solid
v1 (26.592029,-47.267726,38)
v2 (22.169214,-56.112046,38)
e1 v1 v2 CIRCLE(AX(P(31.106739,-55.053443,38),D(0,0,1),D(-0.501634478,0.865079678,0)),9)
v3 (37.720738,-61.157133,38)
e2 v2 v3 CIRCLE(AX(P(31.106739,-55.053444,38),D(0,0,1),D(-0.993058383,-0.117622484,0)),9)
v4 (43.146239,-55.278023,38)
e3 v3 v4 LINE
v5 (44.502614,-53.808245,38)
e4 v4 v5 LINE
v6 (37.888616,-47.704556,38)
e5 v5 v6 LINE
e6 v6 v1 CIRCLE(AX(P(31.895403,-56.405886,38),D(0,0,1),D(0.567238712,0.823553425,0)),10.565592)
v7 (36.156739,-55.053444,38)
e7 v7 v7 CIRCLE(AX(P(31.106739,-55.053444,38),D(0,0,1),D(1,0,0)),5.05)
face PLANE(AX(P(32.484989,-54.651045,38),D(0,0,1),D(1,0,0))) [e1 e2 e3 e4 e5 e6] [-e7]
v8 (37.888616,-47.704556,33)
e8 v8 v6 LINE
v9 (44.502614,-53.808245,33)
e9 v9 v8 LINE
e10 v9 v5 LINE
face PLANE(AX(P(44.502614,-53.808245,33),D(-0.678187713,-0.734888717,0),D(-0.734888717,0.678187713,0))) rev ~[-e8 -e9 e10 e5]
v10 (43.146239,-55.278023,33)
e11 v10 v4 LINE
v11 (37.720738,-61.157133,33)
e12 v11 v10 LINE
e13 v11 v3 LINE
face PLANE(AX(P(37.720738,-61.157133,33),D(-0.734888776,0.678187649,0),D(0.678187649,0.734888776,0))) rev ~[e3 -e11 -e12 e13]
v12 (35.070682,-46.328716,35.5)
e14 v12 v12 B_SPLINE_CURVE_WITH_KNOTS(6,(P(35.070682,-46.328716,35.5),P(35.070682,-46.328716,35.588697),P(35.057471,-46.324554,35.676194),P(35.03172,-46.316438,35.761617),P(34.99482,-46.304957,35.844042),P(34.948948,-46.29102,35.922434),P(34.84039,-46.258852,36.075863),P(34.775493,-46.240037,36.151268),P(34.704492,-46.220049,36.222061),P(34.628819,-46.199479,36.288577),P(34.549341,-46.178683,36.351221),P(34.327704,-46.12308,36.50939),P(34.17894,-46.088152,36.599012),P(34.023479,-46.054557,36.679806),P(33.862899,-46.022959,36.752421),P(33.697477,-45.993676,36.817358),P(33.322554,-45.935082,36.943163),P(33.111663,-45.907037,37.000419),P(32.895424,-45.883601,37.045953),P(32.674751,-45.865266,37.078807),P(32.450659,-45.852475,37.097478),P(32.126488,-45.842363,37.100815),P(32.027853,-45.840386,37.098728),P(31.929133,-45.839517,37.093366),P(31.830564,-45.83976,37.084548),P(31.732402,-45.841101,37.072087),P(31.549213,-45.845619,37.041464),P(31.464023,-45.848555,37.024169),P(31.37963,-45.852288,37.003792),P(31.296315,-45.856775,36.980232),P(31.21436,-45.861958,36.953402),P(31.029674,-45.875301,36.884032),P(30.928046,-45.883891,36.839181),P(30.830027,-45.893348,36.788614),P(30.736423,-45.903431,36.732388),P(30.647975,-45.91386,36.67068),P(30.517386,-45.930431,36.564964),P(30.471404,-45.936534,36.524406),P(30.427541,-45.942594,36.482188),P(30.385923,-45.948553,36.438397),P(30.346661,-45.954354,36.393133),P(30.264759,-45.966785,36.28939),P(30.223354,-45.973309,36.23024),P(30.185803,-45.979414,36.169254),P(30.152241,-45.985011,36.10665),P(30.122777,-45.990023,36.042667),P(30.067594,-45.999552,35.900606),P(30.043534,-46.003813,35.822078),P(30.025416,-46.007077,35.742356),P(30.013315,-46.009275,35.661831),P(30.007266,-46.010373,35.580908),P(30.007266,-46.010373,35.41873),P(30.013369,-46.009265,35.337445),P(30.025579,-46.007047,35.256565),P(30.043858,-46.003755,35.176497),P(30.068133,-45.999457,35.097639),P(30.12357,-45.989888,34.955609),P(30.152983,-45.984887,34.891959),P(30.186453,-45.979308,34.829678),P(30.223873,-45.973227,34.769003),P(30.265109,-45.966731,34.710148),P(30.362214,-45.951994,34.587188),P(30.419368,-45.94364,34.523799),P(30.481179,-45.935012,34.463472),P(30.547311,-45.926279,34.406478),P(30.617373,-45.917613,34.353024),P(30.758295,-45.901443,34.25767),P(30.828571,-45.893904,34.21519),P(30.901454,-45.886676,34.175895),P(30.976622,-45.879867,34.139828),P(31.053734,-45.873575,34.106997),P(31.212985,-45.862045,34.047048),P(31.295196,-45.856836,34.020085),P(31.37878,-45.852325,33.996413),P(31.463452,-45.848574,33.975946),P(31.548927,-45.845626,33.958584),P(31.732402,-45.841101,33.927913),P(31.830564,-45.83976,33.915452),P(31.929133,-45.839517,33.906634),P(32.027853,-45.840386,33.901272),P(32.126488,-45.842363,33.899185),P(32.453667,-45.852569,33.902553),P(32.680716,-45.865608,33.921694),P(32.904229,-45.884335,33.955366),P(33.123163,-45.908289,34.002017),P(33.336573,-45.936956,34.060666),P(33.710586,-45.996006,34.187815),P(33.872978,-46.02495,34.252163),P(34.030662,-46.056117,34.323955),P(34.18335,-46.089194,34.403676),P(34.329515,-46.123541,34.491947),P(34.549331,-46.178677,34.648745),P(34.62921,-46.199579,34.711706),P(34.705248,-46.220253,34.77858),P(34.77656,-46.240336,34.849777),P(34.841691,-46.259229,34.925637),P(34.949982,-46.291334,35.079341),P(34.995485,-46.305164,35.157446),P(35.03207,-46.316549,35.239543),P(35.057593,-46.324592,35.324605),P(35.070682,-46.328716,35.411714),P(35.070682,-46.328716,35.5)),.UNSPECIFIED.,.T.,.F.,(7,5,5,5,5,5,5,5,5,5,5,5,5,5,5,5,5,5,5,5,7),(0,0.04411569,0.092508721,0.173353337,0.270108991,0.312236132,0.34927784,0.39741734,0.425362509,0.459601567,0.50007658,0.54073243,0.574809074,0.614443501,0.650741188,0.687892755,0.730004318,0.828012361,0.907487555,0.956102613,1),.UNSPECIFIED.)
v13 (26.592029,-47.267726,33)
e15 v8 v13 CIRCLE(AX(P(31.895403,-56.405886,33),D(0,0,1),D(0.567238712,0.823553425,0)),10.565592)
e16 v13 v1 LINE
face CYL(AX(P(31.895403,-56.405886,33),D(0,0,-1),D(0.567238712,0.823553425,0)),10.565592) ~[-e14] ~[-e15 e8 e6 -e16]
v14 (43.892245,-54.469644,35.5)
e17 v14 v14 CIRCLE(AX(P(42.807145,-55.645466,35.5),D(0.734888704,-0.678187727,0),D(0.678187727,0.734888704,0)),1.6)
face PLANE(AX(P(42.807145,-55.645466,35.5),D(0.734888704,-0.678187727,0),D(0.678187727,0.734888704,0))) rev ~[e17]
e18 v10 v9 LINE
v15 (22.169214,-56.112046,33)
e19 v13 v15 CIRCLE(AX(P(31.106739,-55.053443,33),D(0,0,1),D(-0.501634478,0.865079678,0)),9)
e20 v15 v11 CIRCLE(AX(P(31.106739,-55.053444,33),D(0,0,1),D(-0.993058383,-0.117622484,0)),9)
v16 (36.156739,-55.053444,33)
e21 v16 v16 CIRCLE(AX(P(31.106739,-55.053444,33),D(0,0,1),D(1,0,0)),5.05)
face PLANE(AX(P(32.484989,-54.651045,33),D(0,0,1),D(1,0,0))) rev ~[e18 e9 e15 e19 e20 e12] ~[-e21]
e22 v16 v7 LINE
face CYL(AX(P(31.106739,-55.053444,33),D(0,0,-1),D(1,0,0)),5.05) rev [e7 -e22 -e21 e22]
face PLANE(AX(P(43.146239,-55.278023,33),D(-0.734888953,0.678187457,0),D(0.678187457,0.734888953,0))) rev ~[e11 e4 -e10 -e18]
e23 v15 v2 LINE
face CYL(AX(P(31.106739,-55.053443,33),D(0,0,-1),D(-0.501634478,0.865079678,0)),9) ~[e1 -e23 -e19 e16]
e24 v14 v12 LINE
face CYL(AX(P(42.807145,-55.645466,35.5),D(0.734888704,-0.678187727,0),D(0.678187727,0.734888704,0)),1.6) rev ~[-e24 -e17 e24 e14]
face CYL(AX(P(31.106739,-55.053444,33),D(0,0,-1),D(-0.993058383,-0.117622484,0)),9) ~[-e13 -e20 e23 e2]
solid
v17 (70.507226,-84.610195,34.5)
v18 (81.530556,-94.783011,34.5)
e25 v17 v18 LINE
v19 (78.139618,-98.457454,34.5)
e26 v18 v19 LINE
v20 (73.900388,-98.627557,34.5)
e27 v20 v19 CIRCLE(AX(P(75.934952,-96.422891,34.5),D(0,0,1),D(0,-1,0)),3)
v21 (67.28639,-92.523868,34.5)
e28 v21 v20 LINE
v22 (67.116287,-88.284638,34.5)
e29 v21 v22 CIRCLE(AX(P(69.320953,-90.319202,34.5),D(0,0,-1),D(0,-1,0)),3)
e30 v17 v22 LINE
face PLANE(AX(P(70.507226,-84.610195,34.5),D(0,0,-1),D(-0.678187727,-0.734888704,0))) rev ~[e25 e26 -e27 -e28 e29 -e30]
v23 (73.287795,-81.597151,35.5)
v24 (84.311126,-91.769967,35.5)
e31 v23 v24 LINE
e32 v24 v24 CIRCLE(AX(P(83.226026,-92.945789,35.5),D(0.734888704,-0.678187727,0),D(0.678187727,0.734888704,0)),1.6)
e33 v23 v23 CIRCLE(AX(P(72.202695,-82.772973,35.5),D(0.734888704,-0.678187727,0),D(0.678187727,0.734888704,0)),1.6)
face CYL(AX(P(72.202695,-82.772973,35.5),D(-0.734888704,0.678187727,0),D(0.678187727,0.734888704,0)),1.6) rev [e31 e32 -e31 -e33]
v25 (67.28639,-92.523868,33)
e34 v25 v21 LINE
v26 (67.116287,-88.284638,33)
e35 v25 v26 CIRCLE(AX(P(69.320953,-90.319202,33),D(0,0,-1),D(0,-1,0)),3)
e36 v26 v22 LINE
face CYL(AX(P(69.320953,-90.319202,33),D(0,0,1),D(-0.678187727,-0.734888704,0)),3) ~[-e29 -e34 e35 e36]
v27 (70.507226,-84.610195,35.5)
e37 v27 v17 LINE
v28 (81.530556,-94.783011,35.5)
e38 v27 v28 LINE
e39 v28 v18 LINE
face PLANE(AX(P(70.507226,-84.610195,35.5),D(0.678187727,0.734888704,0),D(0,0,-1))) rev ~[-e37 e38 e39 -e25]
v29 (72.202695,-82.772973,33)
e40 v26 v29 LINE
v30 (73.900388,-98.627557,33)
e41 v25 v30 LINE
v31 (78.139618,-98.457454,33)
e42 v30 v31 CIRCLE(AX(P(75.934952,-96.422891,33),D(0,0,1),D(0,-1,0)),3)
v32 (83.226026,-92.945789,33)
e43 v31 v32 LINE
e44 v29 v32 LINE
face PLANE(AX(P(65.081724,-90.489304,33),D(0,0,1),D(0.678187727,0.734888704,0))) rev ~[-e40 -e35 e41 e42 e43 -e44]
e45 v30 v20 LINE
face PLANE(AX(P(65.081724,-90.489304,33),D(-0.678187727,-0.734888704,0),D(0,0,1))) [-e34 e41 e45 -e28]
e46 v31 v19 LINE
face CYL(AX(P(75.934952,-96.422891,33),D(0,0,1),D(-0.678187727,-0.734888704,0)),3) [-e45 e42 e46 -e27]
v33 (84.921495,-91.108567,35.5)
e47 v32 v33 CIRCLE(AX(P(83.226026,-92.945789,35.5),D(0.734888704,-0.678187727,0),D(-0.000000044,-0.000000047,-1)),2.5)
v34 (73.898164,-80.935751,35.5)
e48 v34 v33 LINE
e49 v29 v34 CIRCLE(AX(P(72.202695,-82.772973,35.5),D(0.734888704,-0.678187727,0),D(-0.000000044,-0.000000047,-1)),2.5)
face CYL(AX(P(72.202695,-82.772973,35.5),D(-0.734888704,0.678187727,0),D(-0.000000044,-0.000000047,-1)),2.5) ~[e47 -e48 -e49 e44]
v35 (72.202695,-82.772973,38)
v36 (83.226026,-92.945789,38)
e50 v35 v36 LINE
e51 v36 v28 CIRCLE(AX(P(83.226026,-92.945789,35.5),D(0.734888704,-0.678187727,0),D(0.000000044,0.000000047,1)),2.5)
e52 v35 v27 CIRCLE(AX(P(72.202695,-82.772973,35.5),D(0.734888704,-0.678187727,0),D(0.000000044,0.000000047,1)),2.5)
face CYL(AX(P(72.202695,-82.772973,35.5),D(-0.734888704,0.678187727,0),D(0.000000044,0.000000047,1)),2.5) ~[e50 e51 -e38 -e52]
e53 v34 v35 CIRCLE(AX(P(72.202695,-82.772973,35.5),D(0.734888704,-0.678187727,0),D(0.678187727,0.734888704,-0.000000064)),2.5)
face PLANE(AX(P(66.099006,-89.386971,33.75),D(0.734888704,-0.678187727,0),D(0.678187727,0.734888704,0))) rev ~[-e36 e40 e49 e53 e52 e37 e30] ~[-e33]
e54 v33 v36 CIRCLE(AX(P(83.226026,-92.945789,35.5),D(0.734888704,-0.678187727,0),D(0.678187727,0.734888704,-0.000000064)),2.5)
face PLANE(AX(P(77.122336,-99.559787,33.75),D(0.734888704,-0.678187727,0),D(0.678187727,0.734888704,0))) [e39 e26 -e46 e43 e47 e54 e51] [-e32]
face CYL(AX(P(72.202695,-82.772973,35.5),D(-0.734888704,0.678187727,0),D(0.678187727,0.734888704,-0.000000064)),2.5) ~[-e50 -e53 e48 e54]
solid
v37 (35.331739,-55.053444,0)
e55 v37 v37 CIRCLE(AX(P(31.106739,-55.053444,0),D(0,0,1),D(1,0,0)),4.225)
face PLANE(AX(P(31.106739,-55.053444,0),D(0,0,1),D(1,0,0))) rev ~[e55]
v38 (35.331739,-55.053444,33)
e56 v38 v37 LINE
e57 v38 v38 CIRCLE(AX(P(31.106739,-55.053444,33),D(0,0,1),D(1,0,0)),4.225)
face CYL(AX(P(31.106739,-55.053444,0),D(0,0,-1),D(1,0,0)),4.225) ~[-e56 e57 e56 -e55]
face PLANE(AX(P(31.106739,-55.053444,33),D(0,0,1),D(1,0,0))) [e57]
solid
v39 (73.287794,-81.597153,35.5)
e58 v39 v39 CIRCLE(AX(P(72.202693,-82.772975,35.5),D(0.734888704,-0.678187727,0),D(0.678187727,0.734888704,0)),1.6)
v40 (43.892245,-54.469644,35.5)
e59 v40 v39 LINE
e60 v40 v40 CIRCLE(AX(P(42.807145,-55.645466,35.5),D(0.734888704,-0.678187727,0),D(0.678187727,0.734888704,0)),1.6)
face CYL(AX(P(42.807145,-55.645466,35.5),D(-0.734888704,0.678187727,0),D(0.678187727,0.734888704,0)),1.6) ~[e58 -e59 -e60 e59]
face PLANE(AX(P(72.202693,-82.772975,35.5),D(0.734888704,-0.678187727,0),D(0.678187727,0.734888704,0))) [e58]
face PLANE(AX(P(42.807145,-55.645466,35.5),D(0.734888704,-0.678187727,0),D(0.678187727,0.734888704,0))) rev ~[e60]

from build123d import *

# Parameters (mm, degrees)
F0_R     = 4.225
F1_DEPTH = 33
F0_R_2   = 5
F2_DEPTH = 5
F3_R     = 5.05
F4_DEPTH = 5
F5_R     = 1.6
F6_DEPTH = 21.863244
F7_DEPTH = 40
F8_W     = 3
F8_H     = 1.5
F8_R     = 1.6
F9_DEPTH = 15
F10_R    = 3


with BuildPart() as f1:
    # F0 (on Top) → F1 (new body)
    with BuildSketch(Plane.XY):
        with Locations((31.106739, -55.053444)):
            Circle(F0_R)
    extrude(amount=F1_DEPTH)

    # F0 (on Top) → F2 (cut)
    with BuildSketch(Plane.XY):
        with Locations((31.106739, -55.053444)):
            Circle(F0_R_2)
        with Locations((31.106739, -55.053444)):
            Circle(F0_R, mode=Mode.SUBTRACT)
    extrude(amount=F2_DEPTH, mode=Mode.SUBTRACT)


with BuildPart() as f4:
    # F3 (on face) → F4 (new body)
    with BuildSketch(Plane.XY.offset(33)):
        with BuildLine():
            ThreePointArc((26.592029, -47.267726), (23.057133, -51.028044), (22.169214, -56.112046))
            ThreePointArc((22.169214, -56.112046), (28.329525, -63.614231), (37.720738, -61.157133))
            Line((37.720738, -61.157133), (43.146239, -55.278023))
            Line((43.146239, -55.278023), (44.502614, -53.808245))
            Line((44.502614, -53.808245), (37.888616, -47.704556))
            ThreePointArc((37.888616, -47.704556), (32.303661, -45.848184), (26.592029, -47.267726))
        make_face()
        with Locations((31.106739, -55.053444)):
            Circle(F3_R, mode=Mode.SUBTRACT)
    extrude(amount=F4_DEPTH)

    # F5 (on face) → F6 (cut, through all)
    with BuildSketch(Plane(origin=(50.851774, -46.928253, 0), x_dir=(0.678188, 0.734889, 0), z_dir=(0.734889, -0.678188, 0))):
        with Locations((-11.86195, 35.5)):
            Circle(F5_R)
    extrude(amount=-F6_DEPTH, mode=Mode.SUBTRACT)


with BuildPart() as f7:
    # F5 (on face) → F7 (new body)
    with BuildSketch(Plane(origin=(50.851774, -46.928253, 0), x_dir=(0.678188, 0.734889, 0), z_dir=(0.734889, -0.678188, 0))):
        with Locations((-11.86195, 35.5)):
            Circle(F5_R)
    extrude(amount=F7_DEPTH)


with BuildPart() as f9:
    # F8 (on face) → F9 (new body)
    with BuildSketch(Plane(origin=(80.247324, -74.05576, 0), x_dir=(0.678188, 0.734889, 0), z_dir=(0.734889, -0.678188, 0))):
        with Locations((-20.86195, 33.75)):
            Rectangle(F8_W, F8_H)
        with BuildLine():
            Line((-19.36195, 34.5), (-19.36195, 33))
            Line((-19.36195, 33), (-11.86195, 33))
            ThreePointArc((-11.86195, 33), (-10.094183, 33.732233), (-9.36195, 35.5))
            ThreePointArc((-9.36195, 35.5), (-10.094183, 37.267767), (-11.86195, 38))
            ThreePointArc((-11.86195, 38), (-13.629717, 37.267767), (-14.36195, 35.5))
            Line((-14.36195, 35.5), (-14.36195, 34.5))
            Line((-14.36195, 34.5), (-19.36195, 34.5))
        make_face()
        with Locations((-11.86195, 35.5)):
            Circle(F8_R, mode=Mode.SUBTRACT)
    extrude(amount=F9_DEPTH)

    # F10
    f10_edges = [f9.edges().sort_by_distance(p)[0] for p in [
        (76.105057, -100.662121, 33.75),
        (65.081725, -90.489306, 33.75),
    ]]
    fillet(f10_edges, radius=F10_R)


solid = Compound([f1.part, f4.part, f7.part, f9.part])
